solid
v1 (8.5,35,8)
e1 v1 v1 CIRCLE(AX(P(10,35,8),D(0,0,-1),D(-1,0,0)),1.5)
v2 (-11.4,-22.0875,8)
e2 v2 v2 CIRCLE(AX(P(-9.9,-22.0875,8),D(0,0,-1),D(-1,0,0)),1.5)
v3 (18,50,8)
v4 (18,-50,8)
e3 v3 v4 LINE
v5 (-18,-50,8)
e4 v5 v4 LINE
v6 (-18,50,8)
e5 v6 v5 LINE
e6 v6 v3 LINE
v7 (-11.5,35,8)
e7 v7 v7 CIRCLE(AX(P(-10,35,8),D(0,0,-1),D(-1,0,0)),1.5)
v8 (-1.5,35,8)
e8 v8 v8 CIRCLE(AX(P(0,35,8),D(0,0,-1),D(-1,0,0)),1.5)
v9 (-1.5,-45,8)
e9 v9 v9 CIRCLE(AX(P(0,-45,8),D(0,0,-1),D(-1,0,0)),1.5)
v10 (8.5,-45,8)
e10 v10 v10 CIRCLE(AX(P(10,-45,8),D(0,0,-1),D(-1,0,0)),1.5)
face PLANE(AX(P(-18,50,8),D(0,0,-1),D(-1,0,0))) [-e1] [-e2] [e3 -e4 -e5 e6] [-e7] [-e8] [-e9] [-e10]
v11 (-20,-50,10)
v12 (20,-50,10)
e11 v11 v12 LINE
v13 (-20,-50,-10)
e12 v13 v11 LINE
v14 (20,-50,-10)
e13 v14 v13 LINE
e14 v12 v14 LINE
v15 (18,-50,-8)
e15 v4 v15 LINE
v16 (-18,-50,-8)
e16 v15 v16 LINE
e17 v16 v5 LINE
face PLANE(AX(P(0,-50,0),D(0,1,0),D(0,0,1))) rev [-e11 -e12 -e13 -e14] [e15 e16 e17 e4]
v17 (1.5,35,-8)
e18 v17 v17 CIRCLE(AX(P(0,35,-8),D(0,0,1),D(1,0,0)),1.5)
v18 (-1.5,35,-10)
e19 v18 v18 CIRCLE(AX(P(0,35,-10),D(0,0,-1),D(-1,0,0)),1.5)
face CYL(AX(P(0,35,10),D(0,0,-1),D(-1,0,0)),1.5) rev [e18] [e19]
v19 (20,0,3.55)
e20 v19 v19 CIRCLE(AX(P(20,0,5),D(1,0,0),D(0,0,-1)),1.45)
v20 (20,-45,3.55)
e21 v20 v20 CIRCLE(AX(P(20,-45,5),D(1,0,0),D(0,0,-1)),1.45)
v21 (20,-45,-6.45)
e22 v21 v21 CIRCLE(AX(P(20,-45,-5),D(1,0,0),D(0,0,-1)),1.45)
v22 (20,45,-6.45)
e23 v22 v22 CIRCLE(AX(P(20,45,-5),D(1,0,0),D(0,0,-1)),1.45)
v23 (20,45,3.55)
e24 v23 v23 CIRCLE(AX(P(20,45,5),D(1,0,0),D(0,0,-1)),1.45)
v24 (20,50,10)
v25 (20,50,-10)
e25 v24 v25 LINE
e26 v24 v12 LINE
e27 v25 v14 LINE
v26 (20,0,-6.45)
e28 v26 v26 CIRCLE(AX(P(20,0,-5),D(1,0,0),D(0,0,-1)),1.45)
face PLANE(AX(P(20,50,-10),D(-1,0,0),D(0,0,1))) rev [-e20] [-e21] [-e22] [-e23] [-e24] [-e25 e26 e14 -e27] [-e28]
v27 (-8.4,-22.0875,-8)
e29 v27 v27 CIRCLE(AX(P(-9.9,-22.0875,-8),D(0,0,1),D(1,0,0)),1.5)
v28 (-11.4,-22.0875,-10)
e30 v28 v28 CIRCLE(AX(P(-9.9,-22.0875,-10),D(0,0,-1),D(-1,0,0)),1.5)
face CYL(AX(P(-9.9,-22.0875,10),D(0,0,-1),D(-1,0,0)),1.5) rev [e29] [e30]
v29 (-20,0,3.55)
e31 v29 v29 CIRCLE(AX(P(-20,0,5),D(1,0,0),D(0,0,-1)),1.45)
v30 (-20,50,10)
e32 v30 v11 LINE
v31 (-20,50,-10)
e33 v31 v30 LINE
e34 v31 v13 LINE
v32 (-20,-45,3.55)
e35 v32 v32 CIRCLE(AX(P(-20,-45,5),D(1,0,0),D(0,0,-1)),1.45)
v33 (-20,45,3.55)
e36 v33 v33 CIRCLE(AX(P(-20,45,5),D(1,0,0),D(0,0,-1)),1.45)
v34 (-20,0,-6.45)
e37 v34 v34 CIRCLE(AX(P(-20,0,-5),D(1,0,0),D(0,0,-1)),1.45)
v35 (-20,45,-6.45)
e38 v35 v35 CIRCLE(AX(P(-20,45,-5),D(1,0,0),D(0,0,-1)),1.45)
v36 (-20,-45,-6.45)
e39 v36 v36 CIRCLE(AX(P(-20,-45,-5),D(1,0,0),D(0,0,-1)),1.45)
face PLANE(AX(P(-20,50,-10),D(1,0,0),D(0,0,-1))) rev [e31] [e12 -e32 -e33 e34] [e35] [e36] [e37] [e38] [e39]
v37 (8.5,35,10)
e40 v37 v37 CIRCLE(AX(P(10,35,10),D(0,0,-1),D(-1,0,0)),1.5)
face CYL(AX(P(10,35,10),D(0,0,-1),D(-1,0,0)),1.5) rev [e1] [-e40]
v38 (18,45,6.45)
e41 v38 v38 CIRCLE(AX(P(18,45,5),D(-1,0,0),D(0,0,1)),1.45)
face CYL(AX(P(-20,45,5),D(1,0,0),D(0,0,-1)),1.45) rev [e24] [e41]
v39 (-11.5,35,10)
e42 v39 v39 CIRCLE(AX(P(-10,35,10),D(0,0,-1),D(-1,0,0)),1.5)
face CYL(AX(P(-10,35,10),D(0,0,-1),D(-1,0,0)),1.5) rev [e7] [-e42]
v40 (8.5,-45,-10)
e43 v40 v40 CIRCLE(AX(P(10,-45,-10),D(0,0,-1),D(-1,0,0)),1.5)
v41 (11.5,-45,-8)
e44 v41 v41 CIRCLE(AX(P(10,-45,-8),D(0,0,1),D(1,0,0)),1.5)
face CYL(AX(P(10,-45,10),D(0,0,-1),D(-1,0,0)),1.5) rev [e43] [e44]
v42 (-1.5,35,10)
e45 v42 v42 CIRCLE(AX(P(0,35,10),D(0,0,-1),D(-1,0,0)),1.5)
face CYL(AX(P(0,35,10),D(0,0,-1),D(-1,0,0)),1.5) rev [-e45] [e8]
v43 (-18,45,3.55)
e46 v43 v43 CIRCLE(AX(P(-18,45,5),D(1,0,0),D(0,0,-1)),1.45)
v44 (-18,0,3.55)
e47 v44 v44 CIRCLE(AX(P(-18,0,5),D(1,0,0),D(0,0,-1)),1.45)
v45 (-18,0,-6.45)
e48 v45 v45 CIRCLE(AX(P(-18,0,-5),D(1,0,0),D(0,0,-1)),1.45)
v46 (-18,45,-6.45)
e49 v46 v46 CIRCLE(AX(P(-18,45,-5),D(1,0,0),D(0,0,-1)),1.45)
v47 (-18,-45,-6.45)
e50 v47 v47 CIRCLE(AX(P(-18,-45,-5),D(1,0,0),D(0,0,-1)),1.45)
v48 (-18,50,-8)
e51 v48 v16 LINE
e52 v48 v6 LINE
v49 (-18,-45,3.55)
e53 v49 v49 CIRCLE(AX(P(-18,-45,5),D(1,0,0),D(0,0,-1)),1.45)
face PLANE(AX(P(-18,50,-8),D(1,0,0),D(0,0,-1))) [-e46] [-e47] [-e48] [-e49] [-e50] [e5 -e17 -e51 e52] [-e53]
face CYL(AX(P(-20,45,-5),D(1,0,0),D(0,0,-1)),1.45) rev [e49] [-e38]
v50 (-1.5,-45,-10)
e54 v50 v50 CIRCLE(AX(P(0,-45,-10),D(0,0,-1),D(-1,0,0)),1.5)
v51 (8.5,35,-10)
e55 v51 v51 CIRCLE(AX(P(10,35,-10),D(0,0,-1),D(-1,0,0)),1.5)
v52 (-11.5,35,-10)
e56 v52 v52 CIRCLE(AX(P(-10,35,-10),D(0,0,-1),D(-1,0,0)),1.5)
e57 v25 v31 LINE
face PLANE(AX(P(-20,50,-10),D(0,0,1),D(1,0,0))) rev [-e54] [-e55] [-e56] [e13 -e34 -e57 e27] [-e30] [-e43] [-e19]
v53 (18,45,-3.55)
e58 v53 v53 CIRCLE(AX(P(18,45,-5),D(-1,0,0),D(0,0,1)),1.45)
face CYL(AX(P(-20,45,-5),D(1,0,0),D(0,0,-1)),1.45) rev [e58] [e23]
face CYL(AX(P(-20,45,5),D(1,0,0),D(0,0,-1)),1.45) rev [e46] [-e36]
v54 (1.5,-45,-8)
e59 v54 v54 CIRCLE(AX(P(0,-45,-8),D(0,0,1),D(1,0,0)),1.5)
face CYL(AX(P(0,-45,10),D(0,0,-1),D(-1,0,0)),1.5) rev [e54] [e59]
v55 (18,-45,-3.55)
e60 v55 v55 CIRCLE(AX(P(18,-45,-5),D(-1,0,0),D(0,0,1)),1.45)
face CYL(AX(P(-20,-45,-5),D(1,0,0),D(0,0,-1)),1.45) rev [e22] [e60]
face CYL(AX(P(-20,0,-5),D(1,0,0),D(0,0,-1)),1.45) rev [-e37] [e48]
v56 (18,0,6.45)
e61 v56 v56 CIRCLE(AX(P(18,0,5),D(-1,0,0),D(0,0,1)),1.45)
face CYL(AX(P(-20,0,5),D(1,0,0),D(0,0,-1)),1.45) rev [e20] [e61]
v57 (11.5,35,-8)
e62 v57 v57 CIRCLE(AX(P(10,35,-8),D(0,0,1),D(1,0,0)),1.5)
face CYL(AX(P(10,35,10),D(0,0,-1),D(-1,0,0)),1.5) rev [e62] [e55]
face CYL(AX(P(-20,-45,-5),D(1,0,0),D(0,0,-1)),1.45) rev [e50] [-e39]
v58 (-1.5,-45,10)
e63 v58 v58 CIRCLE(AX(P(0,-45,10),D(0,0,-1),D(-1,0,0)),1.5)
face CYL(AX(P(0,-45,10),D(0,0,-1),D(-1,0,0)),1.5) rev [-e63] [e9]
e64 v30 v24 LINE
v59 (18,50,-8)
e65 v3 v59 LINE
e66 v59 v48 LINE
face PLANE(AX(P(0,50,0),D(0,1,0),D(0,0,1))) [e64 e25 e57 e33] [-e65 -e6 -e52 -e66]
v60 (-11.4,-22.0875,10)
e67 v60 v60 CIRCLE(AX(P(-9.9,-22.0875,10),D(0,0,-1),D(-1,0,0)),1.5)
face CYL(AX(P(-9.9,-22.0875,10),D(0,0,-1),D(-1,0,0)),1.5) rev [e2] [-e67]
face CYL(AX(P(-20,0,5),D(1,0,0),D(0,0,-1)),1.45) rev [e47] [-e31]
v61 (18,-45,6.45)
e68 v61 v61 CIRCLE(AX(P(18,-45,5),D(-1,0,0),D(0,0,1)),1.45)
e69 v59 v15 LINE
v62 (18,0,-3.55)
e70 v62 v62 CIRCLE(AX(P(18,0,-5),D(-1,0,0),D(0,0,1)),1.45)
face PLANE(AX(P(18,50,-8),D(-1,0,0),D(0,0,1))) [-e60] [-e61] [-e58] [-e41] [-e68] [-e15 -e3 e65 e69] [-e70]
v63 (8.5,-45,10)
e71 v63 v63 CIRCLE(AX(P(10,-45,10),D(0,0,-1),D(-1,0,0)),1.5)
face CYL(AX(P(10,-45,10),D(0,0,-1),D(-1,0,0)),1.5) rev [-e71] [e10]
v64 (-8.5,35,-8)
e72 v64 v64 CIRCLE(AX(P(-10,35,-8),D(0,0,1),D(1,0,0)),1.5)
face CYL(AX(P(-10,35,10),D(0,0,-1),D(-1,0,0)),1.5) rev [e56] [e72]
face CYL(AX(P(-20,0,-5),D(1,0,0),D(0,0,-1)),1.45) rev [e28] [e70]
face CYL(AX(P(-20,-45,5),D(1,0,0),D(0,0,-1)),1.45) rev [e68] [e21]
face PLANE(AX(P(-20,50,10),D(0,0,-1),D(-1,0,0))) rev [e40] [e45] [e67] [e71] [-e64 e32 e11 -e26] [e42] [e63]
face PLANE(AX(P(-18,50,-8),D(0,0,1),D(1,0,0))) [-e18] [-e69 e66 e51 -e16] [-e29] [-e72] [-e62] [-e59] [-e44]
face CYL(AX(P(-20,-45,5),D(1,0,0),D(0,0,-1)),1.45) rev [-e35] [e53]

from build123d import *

# Parameters (mm, degrees)
SKETCH_1_W          = 40
SKETCH_1_H          = 20
SKETCH_1_W_2        = 36
SKETCH_1_H_2        = 16
EXTRUDE_1_DEPTH     = 50
SKETCH_2_R          = 1.45
CUT_EXTRUDE_1_DEPTH = 65.807406984
SKETCH_3_R          = 1.5
CUT_EXTRUDE_2_DEPTH = 58.445626465
SKETCH_4_R          = 1.5
CUT_EXTRUDE_3_DEPTH = 58.445626465


with BuildPart() as part:
    # 草图1 → 凸台-拉伸1 (new, symmetric)
    with BuildSketch(Plane(origin=(0, 0, 0), x_dir=(1, 0, 0), z_dir=(0, 1, 0))):
        Rectangle(SKETCH_1_W, SKETCH_1_H)
        Rectangle(SKETCH_1_W_2, SKETCH_1_H_2, mode=Mode.SUBTRACT)
    extrude(amount=EXTRUDE_1_DEPTH, both=True)

    # 草图2 → 切除-拉伸1 (cut, through all)
    with BuildSketch(Plane(origin=(20, 0, 0), x_dir=(0, 0, -1), z_dir=(1, 0, 0))):
        with Locations((5, 45)):
            Circle(SKETCH_2_R)
        with Locations((-5, 45)):
            Circle(SKETCH_2_R)
        with Locations((5, 0)):
            Circle(SKETCH_2_R)
        with Locations((-5, 0)):
            Circle(SKETCH_2_R)
        with Locations((5, -45)):
            Circle(SKETCH_2_R)
        with Locations((-5, -45)):
            Circle(SKETCH_2_R)
    extrude(amount=-CUT_EXTRUDE_1_DEPTH, mode=Mode.SUBTRACT)

    # 草图3 → 切除-拉伸2 (cut, through all)
    with BuildSketch(Plane(origin=(0, 0, -10), x_dir=(-1, 0, 0), z_dir=(0, 0, -1))):
        with Locations((10, 35)):
            Circle(SKETCH_3_R)
        with Locations((0, 35)):
            Circle(SKETCH_3_R)
        with Locations((-10, 35)):
            Circle(SKETCH_3_R)
    extrude(amount=-CUT_EXTRUDE_2_DEPTH, mode=Mode.SUBTRACT)

    # 草图4 → 切除-拉伸3 (cut, through all)
    with BuildSketch(Plane(origin=(0, 0, -10), x_dir=(-1, 0, 0), z_dir=(0, 0, -1))):
        with Locations((0, -45)):
            Circle(SKETCH_4_R)
        with Locations((-10, -45)):
            Circle(SKETCH_4_R)
        with Locations((9.9, -22.0875)):
            Circle(SKETCH_4_R)
    extrude(amount=-CUT_EXTRUDE_3_DEPTH, mode=Mode.SUBTRACT)


solid = part.part
